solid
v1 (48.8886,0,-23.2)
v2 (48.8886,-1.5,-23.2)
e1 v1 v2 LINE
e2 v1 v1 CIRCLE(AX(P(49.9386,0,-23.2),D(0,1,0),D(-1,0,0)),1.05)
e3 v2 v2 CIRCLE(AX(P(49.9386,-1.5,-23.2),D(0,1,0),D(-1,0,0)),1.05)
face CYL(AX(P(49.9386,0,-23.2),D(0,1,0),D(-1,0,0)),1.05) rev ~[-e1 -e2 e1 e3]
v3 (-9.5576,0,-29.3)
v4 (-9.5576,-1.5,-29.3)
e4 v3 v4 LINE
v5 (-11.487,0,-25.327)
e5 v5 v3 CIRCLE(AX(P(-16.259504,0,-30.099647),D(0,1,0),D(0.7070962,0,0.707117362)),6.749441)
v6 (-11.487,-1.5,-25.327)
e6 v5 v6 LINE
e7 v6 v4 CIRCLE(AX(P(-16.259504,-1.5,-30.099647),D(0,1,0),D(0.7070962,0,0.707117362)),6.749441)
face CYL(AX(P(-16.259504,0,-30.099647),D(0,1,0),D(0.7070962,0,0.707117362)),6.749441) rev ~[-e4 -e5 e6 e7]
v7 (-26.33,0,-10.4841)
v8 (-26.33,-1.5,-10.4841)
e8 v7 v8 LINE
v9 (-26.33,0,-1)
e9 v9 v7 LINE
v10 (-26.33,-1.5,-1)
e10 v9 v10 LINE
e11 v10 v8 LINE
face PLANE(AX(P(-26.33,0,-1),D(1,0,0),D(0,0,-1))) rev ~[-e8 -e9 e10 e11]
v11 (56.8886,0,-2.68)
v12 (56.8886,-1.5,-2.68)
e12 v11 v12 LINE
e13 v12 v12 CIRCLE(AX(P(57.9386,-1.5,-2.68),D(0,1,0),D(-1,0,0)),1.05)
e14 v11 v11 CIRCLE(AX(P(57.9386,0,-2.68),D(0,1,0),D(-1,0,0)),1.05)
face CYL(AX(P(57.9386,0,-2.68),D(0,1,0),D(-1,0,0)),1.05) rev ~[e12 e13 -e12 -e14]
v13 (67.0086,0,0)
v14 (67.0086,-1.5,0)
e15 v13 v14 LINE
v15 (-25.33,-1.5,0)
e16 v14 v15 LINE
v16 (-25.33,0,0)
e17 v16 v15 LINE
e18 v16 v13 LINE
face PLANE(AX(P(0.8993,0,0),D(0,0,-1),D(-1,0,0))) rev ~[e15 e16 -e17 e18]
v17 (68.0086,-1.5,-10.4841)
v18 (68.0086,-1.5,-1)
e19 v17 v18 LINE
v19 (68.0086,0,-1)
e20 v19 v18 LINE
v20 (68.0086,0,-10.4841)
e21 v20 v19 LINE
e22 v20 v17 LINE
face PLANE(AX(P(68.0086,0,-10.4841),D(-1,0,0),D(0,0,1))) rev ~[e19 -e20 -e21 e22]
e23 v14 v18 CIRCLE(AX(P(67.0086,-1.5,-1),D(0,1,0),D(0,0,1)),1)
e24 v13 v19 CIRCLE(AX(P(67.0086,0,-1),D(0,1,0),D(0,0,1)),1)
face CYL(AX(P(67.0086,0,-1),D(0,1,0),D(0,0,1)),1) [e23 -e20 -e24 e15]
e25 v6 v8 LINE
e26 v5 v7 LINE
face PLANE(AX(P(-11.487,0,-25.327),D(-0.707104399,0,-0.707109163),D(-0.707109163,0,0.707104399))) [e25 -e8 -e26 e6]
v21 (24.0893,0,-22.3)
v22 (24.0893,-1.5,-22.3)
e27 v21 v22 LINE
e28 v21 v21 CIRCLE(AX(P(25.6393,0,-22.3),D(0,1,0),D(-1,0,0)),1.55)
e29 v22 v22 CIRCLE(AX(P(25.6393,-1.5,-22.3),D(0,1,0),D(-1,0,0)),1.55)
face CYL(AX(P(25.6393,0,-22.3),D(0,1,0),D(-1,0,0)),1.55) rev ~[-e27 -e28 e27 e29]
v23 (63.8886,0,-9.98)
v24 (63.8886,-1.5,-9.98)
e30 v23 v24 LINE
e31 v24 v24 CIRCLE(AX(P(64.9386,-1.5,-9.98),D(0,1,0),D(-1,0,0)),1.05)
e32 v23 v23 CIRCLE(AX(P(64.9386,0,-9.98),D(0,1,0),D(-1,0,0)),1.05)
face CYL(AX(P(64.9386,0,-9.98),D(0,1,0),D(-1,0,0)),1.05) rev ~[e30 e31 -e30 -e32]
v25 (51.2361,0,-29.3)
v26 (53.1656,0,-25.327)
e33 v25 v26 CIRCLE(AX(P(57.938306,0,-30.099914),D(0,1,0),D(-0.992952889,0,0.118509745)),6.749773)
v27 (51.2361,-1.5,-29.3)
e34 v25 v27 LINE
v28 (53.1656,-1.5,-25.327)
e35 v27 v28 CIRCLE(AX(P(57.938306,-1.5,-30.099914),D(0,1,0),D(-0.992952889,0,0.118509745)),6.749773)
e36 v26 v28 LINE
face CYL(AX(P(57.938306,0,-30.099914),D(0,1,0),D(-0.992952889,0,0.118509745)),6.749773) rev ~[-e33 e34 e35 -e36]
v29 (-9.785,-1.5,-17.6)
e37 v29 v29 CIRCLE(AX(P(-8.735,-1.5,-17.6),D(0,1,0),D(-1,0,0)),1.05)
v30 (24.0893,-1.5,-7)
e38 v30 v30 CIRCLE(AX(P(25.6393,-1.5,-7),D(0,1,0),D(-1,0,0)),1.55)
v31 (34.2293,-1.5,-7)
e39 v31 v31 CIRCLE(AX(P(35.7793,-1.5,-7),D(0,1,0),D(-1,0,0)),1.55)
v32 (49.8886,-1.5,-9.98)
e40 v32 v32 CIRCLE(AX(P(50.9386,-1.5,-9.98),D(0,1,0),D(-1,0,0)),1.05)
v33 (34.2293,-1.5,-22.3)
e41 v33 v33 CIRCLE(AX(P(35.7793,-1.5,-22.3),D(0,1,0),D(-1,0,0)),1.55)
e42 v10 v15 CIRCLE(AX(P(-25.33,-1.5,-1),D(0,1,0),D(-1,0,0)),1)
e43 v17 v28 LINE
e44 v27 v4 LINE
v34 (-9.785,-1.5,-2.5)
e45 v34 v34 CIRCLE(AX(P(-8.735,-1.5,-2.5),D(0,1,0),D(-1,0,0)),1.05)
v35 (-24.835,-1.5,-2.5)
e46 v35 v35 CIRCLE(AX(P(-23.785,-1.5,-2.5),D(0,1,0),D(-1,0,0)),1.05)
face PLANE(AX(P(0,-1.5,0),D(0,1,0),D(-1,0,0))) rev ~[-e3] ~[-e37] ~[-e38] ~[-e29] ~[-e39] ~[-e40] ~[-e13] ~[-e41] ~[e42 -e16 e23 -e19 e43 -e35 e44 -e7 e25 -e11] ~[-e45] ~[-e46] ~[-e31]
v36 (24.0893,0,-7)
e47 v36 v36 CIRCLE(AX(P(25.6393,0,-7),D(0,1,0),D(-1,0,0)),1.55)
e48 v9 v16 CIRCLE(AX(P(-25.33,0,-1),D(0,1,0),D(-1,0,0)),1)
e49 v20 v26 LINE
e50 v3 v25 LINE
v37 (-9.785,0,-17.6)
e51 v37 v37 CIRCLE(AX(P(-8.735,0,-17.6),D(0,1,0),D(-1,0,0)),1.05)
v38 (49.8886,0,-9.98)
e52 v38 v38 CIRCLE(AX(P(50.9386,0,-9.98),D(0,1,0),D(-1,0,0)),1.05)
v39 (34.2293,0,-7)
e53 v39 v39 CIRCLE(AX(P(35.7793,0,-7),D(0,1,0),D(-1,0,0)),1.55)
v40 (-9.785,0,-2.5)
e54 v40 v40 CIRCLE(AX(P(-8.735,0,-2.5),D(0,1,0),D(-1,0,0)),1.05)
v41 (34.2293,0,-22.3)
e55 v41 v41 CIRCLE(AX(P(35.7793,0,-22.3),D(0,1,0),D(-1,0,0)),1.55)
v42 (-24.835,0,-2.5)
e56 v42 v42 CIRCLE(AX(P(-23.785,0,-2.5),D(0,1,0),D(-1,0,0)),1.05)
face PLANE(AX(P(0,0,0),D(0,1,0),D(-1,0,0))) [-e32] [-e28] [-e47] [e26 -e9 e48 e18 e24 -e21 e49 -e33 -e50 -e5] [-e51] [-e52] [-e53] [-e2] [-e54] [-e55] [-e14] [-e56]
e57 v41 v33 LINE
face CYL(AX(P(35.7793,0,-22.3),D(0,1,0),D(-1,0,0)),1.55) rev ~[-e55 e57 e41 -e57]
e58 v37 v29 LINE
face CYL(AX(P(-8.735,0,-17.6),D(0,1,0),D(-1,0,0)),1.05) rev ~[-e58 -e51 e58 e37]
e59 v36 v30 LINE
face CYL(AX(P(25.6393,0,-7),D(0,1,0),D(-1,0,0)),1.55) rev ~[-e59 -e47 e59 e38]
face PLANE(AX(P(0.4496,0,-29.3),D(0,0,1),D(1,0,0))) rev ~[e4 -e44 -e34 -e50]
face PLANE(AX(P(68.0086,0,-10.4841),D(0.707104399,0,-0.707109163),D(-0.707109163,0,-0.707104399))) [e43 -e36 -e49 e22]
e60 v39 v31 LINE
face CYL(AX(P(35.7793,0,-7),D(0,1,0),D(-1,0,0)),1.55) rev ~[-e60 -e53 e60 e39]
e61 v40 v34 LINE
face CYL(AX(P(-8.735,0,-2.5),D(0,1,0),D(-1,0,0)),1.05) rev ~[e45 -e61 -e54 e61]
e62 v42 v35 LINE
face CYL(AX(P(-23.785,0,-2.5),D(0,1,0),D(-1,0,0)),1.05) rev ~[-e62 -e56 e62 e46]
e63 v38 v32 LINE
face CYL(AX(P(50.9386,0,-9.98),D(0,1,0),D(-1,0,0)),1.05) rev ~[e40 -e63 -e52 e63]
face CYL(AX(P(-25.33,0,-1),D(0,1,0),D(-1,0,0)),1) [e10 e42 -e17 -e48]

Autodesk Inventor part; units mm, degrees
ref_plane "YZ Plane" through (0, 0, 0) normal (1, 0, 0) x (0, 1, 0)
ref_plane "XZ Plane" through (0, 0, 0) normal (0, 1, 0) x (-1, 0, 0)
ref_plane "XY Plane" through (0, 0, 0) normal (0, 0, 1) x (1, 0, 0)
sketch "Sketch1" plane through (0, 0, 0) normal (0, 1, 0) x (-1, 0, 0)
  line L0 (-0.4496, -29.3) -> (-0.4496, 0)
  line L1 (-41.2289, 0) -> (-41.2289, -29.3)
  circle A0 centre (8.735, -17.6) radius 1.05
  circle A1 centre (8.735, -2.5) radius 1.05
  circle A2 centre (23.785, -2.5) radius 1.05
  circle A3 centre (-25.6393, -7) radius 1.55
  circle A4 centre (-35.7793, -7) radius 1.55
  circle A5 centre (-25.6393, -22.3) radius 1.55
  circle A6 centre (-35.7793, -22.3) radius 1.55
  circle A7 centre (-49.9386, -23.2) radius 1.05
  circle A8 centre (-50.9386, -9.98) radius 1.05
  circle A9 centre (-57.9386, -2.68) radius 1.05
  circle A10 centre (-64.9386, -9.98) radius 1.05
  line L2 (11.487, -25.327) -> (26.33, -10.4841)
  line L3 (26.33, -1) -> (26.33, -10.4841)
  line L4 (-68.0086, -10.4841) -> (-53.1656, -25.327)
  line L5 (-68.0086, -10.4841) -> (-68.0086, -1)
  arc A11 (-51.2361, -29.3) -> (-53.1656, -25.327) centre (-57.9386, -30.1) ccw
  line L6 (9.5576, -29.3) -> (-51.2361, -29.3)
  arc A12 (11.487, -25.327) -> (9.5576, -29.3) centre (16.26, -30.1) ccw
  arc A13 (26.33, -1) -> (25.33, 0) centre (25.33, -1) ccw
  line L7 (-67.0086, 0) -> (25.33, 0)
  arc A14 (-67.0086, 0) -> (-68.0086, -1) centre (-67.0086, -1) ccw
  line L8 (-41.6786, -29.3) -> (-41.6786, 0)
  line L9 (-40.7793, 0) -> (-40.7793, -29.3)
  line L10 (-0.8993, -29.3) -> (-0.8993, 0)
  line L11 (0, 0) -> (0, -29.3)
  point P0 (0, 0)
extrude "Extrusion1" add sketch "Sketch1" against normal blind 1.5
properties part number "axis_21_bottom_frame"
